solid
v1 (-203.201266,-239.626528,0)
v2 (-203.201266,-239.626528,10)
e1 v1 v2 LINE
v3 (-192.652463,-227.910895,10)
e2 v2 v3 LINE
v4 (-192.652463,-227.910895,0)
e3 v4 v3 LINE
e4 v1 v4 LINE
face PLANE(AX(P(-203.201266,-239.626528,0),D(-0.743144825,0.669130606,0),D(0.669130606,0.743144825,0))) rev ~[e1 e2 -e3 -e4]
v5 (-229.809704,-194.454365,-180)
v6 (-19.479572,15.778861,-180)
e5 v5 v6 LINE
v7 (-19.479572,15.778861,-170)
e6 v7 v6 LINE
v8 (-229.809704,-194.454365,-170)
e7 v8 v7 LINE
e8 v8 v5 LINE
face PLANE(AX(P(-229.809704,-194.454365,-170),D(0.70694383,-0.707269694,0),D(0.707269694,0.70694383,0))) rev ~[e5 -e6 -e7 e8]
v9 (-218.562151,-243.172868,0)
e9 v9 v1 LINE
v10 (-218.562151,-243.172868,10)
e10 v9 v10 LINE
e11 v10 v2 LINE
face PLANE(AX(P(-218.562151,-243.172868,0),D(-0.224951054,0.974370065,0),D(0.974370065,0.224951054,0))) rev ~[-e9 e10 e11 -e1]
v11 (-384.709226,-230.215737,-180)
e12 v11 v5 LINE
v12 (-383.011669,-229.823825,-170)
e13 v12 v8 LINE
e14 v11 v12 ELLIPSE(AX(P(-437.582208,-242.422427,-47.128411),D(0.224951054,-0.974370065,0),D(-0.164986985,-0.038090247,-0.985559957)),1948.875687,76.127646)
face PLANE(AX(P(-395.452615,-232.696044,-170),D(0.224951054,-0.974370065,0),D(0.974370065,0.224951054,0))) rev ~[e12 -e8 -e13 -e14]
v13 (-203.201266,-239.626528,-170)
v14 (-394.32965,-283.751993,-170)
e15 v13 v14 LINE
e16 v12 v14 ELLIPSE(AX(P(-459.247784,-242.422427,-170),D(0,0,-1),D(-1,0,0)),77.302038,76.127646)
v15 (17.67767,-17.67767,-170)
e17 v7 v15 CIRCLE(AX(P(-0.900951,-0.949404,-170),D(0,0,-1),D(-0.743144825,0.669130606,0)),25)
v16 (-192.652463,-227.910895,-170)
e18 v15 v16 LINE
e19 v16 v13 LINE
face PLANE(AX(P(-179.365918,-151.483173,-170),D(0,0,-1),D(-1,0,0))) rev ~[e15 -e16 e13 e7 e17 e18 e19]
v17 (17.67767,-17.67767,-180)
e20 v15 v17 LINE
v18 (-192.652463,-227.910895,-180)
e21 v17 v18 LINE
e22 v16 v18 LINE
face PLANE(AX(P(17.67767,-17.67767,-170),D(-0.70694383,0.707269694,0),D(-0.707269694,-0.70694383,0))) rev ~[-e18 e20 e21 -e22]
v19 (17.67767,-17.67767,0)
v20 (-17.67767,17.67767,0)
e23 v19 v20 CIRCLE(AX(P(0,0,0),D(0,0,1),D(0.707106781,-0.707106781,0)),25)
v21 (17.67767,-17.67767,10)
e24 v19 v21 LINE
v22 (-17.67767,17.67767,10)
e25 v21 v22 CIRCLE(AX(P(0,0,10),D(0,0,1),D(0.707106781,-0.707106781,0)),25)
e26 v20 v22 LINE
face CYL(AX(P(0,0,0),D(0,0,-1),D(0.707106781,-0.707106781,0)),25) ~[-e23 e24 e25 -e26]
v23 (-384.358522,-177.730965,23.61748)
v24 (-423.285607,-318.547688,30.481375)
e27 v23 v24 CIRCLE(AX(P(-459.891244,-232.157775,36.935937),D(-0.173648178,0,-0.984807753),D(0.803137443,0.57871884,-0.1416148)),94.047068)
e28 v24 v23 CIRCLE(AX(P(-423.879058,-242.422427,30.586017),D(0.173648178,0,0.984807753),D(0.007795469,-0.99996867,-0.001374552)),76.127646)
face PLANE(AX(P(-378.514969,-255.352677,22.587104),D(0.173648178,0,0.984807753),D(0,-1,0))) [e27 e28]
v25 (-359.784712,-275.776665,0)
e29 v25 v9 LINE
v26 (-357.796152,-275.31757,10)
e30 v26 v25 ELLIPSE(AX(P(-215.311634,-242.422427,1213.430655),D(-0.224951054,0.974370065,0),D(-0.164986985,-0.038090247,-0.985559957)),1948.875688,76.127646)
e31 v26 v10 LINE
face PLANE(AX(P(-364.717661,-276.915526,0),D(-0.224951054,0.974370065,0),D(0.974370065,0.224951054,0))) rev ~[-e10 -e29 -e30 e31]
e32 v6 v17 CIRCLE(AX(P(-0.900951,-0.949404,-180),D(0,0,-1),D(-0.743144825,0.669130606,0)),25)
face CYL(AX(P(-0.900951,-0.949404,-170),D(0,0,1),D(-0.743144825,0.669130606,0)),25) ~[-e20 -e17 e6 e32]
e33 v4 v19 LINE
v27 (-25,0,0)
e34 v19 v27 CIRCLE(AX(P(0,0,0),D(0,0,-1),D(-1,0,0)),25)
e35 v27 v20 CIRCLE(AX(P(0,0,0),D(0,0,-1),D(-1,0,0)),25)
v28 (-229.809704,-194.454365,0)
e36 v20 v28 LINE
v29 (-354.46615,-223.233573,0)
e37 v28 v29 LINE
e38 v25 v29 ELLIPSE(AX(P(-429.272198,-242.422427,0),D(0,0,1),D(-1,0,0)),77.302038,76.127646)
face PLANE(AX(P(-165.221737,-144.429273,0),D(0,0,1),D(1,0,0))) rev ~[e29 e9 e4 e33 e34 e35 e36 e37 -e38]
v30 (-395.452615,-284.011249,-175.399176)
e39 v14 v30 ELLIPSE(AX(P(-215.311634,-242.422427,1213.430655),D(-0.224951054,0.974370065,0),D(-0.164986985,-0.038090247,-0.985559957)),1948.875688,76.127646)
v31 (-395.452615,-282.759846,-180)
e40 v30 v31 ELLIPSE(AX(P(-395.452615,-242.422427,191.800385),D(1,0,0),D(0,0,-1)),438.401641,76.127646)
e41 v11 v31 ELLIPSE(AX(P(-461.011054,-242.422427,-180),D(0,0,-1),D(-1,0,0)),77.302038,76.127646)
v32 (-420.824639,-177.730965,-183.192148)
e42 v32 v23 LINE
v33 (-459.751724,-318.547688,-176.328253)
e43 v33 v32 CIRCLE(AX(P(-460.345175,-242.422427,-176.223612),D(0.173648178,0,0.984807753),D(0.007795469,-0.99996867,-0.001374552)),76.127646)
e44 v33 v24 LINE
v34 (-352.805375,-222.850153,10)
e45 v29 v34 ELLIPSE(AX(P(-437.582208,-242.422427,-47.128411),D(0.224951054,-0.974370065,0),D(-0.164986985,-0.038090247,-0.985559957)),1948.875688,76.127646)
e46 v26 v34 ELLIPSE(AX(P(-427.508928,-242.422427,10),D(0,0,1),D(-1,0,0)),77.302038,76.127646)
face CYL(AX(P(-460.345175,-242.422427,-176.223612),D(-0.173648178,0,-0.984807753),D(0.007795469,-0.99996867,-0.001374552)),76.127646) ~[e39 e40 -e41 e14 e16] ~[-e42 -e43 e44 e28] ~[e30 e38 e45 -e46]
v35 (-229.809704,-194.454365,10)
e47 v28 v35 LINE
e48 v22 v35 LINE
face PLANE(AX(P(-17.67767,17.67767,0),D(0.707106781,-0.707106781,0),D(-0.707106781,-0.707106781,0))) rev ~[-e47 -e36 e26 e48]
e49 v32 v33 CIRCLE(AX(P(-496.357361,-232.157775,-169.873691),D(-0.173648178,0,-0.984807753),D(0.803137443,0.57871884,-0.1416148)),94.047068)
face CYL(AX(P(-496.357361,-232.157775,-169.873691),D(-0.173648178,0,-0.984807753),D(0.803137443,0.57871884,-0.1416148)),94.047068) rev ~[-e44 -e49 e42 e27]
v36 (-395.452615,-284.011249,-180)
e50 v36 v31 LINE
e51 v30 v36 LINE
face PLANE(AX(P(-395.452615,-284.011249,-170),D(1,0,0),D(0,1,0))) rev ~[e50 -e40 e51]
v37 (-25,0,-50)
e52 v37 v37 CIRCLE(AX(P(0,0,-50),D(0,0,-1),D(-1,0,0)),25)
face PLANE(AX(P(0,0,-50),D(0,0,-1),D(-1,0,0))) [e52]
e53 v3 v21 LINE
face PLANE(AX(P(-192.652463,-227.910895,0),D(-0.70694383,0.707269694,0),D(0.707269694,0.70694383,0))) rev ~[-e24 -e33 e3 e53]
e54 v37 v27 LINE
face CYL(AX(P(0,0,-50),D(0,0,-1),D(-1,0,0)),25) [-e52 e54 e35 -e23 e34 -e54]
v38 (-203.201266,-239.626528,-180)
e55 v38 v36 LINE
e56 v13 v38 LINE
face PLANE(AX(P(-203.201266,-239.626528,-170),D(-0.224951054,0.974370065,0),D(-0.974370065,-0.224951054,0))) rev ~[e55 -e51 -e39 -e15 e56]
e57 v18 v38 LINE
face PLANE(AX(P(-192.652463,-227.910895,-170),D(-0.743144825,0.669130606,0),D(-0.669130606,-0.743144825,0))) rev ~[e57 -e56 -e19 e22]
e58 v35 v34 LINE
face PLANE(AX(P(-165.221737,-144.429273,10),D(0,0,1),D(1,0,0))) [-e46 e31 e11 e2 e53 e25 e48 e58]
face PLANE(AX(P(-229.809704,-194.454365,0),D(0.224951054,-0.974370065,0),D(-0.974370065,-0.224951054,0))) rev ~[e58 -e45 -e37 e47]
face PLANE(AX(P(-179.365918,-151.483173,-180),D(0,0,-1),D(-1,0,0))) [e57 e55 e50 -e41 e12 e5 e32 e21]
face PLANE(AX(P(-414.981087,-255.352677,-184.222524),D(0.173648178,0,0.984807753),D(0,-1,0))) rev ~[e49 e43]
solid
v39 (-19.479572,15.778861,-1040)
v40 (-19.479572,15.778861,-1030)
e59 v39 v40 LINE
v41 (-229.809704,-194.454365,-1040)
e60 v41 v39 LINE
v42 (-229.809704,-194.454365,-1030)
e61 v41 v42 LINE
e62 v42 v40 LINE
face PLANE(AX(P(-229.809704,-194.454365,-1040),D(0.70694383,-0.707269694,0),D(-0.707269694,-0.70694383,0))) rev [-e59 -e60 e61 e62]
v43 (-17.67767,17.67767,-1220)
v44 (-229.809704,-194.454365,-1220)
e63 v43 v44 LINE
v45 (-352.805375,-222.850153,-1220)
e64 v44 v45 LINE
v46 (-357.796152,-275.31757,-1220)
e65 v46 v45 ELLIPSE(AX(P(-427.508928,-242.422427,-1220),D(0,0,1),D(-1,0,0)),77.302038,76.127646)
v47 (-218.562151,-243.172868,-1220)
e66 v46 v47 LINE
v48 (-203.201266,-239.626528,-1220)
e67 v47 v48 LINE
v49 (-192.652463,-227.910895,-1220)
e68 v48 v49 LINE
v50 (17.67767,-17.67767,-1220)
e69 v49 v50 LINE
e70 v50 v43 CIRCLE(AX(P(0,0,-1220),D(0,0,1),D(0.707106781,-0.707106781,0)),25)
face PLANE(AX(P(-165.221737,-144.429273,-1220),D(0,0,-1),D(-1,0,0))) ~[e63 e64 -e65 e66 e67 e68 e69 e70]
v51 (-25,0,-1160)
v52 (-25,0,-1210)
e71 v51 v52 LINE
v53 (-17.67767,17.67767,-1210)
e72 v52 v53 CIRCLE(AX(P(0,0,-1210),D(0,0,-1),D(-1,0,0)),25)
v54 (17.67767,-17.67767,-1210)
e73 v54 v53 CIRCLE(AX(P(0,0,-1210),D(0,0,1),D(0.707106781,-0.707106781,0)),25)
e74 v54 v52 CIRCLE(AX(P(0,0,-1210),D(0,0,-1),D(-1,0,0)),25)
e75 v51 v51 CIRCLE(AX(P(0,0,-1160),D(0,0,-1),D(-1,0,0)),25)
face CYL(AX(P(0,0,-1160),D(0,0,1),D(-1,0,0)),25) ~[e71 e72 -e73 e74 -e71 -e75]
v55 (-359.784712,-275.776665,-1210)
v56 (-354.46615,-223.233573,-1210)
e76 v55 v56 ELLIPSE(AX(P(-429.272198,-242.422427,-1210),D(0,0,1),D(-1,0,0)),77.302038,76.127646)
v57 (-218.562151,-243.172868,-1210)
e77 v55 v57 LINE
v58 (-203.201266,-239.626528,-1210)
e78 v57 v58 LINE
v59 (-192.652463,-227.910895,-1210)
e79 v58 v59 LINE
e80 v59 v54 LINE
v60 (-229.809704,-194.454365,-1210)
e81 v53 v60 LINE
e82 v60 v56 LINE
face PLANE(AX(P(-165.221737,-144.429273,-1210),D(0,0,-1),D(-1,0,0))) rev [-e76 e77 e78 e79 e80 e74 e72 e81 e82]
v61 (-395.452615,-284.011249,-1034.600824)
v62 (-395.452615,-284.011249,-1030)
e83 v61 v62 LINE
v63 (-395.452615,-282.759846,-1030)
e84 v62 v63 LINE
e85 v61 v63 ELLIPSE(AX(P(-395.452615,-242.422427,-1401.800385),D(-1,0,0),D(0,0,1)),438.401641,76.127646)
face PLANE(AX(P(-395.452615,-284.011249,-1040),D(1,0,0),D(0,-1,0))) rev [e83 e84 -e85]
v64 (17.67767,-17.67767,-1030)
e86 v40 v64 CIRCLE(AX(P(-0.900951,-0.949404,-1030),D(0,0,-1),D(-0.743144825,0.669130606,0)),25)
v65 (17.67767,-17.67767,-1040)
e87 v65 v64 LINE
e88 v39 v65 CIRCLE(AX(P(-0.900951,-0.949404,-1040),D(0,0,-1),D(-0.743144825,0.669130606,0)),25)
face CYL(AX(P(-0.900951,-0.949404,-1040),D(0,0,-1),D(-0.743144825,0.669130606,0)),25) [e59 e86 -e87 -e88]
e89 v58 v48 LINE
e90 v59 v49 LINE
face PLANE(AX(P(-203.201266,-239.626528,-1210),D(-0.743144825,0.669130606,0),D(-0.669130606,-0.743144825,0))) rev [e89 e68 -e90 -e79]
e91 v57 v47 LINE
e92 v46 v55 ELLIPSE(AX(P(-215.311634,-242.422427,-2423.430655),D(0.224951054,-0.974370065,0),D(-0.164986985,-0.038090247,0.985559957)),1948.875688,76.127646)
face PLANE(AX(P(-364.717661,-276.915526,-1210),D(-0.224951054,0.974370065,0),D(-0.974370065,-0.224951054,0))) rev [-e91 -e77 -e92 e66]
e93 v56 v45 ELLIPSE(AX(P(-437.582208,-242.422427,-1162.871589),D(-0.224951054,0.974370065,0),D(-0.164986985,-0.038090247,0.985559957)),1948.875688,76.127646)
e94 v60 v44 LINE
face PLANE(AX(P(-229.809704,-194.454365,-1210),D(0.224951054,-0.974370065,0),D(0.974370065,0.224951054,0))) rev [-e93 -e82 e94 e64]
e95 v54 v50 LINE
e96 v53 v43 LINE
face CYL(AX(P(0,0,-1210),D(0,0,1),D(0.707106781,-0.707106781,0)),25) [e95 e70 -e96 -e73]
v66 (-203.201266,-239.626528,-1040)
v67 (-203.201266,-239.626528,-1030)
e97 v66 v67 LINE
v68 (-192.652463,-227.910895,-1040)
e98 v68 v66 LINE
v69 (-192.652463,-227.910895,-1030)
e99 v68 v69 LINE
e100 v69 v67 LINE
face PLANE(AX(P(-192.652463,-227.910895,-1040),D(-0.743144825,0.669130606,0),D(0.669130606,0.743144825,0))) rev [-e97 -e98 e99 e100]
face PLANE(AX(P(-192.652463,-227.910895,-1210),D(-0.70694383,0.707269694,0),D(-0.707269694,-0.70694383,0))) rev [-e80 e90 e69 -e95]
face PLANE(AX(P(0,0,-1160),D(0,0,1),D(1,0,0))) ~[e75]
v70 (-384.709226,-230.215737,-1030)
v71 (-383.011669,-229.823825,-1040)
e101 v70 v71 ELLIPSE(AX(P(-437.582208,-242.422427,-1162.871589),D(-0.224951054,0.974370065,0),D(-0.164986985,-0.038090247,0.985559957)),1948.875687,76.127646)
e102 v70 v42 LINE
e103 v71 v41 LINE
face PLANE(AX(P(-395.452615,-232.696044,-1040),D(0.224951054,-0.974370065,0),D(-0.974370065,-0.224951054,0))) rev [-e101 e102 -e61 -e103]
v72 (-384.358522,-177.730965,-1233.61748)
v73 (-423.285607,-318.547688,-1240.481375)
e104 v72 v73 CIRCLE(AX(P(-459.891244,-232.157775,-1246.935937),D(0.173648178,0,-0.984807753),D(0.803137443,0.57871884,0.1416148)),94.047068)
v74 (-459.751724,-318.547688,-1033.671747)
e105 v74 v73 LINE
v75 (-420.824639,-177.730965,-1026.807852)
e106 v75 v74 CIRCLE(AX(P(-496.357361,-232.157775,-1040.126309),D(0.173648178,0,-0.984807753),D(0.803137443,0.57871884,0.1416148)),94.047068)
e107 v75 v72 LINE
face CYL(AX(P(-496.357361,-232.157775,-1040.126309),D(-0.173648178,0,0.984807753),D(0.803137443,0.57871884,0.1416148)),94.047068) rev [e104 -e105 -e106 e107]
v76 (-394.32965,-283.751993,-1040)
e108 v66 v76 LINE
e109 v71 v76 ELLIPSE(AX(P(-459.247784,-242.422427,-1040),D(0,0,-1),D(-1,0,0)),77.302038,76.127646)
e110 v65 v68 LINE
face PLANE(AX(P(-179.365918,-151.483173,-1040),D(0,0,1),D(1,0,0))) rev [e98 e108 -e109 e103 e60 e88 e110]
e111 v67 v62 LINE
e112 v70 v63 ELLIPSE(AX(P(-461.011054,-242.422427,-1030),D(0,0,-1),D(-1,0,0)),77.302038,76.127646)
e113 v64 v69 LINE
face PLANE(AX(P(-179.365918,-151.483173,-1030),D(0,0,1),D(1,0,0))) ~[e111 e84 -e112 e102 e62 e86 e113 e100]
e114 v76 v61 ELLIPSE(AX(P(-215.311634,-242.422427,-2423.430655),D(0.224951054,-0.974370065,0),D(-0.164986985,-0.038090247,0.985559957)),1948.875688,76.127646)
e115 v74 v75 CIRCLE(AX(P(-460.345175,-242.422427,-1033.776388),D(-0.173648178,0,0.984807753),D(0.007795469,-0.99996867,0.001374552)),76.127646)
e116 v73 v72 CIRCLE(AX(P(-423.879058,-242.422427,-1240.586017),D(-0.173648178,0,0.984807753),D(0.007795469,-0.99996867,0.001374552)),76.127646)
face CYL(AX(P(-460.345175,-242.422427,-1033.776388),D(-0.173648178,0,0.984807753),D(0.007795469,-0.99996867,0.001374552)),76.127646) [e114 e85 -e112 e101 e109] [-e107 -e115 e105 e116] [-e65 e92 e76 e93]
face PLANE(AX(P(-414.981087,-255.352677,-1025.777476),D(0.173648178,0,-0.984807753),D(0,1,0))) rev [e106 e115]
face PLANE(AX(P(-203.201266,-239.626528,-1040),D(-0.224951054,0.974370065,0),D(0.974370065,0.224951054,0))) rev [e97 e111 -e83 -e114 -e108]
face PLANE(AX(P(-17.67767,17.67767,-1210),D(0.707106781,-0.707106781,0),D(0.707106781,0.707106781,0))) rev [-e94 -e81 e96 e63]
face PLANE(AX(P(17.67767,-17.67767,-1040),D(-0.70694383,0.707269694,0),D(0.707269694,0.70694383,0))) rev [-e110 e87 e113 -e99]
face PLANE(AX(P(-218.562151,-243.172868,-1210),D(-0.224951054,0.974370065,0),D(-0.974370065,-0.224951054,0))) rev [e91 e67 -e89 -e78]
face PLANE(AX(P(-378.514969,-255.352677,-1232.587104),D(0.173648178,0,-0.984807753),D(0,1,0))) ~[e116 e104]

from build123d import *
from build123d.topology import SkipClean

# Parameters (mm, degrees)
BOSS_EXTRUDE1_DEPTH      = 10
BOSS_EXTRUDE2_START      = 50
SKETCH4_R                = 25
BOSS_EXTRUDE2_DEPTH      = 50
BOSS_EXTRUDE3_DEPTH      = 10
BOSS_EXTRUDE3_DEPTH_BACK = 200
BOSS_EXTRUDE4_DEPTH      = 10


with BuildPart() as part:
    # Sketch2 → Boss-Extrude1 (new body)
    with BuildSketch(Plane.XY):
        with BuildLine():
            Line((-17.67766953, 17.67766953), (-229.809703886, -194.454364826))
            Line((-229.809703886, -194.454364826), (-364.717660886, -225.600320827))
            Line((-364.717660886, -225.600320827), (-364.717660886, -276.915526217))
            Line((-364.717660886, -276.915526217), (-218.562151168, -243.172868066))
            Line((-218.562151168, -243.172868066), (-203.201266101, -239.626528316))
            Line((-203.201266101, -239.626528316), (-192.652462612, -227.910895144))
            Line((-192.652462612, -227.910895144), (17.67766953, -17.67766953))
            ThreePointArc((17.67766953, -17.67766953), (17.67766953, 17.67766953), (-17.67766953, 17.67766953))
        make_face()
    extrude(amount=BOSS_EXTRUDE1_DEPTH)

    # Sketch4 → Boss-Extrude2 (add)
    with SkipClean():  # the faces are left unmerged after this step: merging them gives an invalid solid
        with BuildSketch(Plane(origin=(0, 0, 0), x_dir=(-1, 0, 0), z_dir=(0, 0, -1)).offset(BOSS_EXTRUDE2_START)):
            Circle(SKETCH4_R)
        extrude(amount=-BOSS_EXTRUDE2_DEPTH)

    # Sketch8 → Boss-Extrude3 (add, two sides: drawn at the far end of the back side and taken through both)
    with SkipClean():  # the faces are left unmerged after this step: merging them gives an invalid solid
        with BuildSketch(Plane(origin=(-9.287482424, 0, -52.671930221), x_dir=(0, -1, 0), z_dir=(0.173648177666934, 0, 0.9848077530122075)).offset(-BOSS_EXTRUDE3_DEPTH_BACK)):
            with BuildLine():
                ThreePointArc((177.730965122, -382.620384791), (257.574654139, -368.770911493), (318.547687963, -422.14798272))
                ThreePointArc((318.547687963, -422.14798272), (262.996456529, -349.455787773), (177.730965122, -382.620384791))
            make_face()
        extrude(amount=BOSS_EXTRUDE3_DEPTH + BOSS_EXTRUDE3_DEPTH_BACK)

    # Sketch9 → Boss-Extrude4 (add)
    with SkipClean():  # the faces are left unmerged after this step: merging them gives an invalid solid
        with BuildSketch(Plane(origin=(0, 0, -170), x_dir=(-1, 0, 0), z_dir=(0, 0, -1))):
            with BuildLine():
                Line((395.452614899, -284.011249454), (395.452614899, -232.696044065))
                Line((395.452614899, -232.696044065), (229.809703886, -194.454364826))
                Line((229.809703886, -194.454364826), (19.479571744, 15.778860788))
                ThreePointArc((19.479571744, 15.778860788), (-15.827314052, 17.629216266), (-17.67766953, -17.67766953))
                Line((-17.67766953, -17.67766953), (192.652462612, -227.910895144))
                Line((192.652462612, -227.910895144), (203.201266101, -239.626528316))
                Line((203.201266101, -239.626528316), (395.452614899, -284.011249454))
            make_face()
        extrude(amount=BOSS_EXTRUDE4_DEPTH)


with BuildPart() as body_2:
    # Mirror6: mirrored copy
    add(part.part.mirror(Plane(origin=(0, 0, -605), x_dir=(1, 0, 0), z_dir=(0, 0, -1))))


solid = Compound([part.part, body_2.part])
